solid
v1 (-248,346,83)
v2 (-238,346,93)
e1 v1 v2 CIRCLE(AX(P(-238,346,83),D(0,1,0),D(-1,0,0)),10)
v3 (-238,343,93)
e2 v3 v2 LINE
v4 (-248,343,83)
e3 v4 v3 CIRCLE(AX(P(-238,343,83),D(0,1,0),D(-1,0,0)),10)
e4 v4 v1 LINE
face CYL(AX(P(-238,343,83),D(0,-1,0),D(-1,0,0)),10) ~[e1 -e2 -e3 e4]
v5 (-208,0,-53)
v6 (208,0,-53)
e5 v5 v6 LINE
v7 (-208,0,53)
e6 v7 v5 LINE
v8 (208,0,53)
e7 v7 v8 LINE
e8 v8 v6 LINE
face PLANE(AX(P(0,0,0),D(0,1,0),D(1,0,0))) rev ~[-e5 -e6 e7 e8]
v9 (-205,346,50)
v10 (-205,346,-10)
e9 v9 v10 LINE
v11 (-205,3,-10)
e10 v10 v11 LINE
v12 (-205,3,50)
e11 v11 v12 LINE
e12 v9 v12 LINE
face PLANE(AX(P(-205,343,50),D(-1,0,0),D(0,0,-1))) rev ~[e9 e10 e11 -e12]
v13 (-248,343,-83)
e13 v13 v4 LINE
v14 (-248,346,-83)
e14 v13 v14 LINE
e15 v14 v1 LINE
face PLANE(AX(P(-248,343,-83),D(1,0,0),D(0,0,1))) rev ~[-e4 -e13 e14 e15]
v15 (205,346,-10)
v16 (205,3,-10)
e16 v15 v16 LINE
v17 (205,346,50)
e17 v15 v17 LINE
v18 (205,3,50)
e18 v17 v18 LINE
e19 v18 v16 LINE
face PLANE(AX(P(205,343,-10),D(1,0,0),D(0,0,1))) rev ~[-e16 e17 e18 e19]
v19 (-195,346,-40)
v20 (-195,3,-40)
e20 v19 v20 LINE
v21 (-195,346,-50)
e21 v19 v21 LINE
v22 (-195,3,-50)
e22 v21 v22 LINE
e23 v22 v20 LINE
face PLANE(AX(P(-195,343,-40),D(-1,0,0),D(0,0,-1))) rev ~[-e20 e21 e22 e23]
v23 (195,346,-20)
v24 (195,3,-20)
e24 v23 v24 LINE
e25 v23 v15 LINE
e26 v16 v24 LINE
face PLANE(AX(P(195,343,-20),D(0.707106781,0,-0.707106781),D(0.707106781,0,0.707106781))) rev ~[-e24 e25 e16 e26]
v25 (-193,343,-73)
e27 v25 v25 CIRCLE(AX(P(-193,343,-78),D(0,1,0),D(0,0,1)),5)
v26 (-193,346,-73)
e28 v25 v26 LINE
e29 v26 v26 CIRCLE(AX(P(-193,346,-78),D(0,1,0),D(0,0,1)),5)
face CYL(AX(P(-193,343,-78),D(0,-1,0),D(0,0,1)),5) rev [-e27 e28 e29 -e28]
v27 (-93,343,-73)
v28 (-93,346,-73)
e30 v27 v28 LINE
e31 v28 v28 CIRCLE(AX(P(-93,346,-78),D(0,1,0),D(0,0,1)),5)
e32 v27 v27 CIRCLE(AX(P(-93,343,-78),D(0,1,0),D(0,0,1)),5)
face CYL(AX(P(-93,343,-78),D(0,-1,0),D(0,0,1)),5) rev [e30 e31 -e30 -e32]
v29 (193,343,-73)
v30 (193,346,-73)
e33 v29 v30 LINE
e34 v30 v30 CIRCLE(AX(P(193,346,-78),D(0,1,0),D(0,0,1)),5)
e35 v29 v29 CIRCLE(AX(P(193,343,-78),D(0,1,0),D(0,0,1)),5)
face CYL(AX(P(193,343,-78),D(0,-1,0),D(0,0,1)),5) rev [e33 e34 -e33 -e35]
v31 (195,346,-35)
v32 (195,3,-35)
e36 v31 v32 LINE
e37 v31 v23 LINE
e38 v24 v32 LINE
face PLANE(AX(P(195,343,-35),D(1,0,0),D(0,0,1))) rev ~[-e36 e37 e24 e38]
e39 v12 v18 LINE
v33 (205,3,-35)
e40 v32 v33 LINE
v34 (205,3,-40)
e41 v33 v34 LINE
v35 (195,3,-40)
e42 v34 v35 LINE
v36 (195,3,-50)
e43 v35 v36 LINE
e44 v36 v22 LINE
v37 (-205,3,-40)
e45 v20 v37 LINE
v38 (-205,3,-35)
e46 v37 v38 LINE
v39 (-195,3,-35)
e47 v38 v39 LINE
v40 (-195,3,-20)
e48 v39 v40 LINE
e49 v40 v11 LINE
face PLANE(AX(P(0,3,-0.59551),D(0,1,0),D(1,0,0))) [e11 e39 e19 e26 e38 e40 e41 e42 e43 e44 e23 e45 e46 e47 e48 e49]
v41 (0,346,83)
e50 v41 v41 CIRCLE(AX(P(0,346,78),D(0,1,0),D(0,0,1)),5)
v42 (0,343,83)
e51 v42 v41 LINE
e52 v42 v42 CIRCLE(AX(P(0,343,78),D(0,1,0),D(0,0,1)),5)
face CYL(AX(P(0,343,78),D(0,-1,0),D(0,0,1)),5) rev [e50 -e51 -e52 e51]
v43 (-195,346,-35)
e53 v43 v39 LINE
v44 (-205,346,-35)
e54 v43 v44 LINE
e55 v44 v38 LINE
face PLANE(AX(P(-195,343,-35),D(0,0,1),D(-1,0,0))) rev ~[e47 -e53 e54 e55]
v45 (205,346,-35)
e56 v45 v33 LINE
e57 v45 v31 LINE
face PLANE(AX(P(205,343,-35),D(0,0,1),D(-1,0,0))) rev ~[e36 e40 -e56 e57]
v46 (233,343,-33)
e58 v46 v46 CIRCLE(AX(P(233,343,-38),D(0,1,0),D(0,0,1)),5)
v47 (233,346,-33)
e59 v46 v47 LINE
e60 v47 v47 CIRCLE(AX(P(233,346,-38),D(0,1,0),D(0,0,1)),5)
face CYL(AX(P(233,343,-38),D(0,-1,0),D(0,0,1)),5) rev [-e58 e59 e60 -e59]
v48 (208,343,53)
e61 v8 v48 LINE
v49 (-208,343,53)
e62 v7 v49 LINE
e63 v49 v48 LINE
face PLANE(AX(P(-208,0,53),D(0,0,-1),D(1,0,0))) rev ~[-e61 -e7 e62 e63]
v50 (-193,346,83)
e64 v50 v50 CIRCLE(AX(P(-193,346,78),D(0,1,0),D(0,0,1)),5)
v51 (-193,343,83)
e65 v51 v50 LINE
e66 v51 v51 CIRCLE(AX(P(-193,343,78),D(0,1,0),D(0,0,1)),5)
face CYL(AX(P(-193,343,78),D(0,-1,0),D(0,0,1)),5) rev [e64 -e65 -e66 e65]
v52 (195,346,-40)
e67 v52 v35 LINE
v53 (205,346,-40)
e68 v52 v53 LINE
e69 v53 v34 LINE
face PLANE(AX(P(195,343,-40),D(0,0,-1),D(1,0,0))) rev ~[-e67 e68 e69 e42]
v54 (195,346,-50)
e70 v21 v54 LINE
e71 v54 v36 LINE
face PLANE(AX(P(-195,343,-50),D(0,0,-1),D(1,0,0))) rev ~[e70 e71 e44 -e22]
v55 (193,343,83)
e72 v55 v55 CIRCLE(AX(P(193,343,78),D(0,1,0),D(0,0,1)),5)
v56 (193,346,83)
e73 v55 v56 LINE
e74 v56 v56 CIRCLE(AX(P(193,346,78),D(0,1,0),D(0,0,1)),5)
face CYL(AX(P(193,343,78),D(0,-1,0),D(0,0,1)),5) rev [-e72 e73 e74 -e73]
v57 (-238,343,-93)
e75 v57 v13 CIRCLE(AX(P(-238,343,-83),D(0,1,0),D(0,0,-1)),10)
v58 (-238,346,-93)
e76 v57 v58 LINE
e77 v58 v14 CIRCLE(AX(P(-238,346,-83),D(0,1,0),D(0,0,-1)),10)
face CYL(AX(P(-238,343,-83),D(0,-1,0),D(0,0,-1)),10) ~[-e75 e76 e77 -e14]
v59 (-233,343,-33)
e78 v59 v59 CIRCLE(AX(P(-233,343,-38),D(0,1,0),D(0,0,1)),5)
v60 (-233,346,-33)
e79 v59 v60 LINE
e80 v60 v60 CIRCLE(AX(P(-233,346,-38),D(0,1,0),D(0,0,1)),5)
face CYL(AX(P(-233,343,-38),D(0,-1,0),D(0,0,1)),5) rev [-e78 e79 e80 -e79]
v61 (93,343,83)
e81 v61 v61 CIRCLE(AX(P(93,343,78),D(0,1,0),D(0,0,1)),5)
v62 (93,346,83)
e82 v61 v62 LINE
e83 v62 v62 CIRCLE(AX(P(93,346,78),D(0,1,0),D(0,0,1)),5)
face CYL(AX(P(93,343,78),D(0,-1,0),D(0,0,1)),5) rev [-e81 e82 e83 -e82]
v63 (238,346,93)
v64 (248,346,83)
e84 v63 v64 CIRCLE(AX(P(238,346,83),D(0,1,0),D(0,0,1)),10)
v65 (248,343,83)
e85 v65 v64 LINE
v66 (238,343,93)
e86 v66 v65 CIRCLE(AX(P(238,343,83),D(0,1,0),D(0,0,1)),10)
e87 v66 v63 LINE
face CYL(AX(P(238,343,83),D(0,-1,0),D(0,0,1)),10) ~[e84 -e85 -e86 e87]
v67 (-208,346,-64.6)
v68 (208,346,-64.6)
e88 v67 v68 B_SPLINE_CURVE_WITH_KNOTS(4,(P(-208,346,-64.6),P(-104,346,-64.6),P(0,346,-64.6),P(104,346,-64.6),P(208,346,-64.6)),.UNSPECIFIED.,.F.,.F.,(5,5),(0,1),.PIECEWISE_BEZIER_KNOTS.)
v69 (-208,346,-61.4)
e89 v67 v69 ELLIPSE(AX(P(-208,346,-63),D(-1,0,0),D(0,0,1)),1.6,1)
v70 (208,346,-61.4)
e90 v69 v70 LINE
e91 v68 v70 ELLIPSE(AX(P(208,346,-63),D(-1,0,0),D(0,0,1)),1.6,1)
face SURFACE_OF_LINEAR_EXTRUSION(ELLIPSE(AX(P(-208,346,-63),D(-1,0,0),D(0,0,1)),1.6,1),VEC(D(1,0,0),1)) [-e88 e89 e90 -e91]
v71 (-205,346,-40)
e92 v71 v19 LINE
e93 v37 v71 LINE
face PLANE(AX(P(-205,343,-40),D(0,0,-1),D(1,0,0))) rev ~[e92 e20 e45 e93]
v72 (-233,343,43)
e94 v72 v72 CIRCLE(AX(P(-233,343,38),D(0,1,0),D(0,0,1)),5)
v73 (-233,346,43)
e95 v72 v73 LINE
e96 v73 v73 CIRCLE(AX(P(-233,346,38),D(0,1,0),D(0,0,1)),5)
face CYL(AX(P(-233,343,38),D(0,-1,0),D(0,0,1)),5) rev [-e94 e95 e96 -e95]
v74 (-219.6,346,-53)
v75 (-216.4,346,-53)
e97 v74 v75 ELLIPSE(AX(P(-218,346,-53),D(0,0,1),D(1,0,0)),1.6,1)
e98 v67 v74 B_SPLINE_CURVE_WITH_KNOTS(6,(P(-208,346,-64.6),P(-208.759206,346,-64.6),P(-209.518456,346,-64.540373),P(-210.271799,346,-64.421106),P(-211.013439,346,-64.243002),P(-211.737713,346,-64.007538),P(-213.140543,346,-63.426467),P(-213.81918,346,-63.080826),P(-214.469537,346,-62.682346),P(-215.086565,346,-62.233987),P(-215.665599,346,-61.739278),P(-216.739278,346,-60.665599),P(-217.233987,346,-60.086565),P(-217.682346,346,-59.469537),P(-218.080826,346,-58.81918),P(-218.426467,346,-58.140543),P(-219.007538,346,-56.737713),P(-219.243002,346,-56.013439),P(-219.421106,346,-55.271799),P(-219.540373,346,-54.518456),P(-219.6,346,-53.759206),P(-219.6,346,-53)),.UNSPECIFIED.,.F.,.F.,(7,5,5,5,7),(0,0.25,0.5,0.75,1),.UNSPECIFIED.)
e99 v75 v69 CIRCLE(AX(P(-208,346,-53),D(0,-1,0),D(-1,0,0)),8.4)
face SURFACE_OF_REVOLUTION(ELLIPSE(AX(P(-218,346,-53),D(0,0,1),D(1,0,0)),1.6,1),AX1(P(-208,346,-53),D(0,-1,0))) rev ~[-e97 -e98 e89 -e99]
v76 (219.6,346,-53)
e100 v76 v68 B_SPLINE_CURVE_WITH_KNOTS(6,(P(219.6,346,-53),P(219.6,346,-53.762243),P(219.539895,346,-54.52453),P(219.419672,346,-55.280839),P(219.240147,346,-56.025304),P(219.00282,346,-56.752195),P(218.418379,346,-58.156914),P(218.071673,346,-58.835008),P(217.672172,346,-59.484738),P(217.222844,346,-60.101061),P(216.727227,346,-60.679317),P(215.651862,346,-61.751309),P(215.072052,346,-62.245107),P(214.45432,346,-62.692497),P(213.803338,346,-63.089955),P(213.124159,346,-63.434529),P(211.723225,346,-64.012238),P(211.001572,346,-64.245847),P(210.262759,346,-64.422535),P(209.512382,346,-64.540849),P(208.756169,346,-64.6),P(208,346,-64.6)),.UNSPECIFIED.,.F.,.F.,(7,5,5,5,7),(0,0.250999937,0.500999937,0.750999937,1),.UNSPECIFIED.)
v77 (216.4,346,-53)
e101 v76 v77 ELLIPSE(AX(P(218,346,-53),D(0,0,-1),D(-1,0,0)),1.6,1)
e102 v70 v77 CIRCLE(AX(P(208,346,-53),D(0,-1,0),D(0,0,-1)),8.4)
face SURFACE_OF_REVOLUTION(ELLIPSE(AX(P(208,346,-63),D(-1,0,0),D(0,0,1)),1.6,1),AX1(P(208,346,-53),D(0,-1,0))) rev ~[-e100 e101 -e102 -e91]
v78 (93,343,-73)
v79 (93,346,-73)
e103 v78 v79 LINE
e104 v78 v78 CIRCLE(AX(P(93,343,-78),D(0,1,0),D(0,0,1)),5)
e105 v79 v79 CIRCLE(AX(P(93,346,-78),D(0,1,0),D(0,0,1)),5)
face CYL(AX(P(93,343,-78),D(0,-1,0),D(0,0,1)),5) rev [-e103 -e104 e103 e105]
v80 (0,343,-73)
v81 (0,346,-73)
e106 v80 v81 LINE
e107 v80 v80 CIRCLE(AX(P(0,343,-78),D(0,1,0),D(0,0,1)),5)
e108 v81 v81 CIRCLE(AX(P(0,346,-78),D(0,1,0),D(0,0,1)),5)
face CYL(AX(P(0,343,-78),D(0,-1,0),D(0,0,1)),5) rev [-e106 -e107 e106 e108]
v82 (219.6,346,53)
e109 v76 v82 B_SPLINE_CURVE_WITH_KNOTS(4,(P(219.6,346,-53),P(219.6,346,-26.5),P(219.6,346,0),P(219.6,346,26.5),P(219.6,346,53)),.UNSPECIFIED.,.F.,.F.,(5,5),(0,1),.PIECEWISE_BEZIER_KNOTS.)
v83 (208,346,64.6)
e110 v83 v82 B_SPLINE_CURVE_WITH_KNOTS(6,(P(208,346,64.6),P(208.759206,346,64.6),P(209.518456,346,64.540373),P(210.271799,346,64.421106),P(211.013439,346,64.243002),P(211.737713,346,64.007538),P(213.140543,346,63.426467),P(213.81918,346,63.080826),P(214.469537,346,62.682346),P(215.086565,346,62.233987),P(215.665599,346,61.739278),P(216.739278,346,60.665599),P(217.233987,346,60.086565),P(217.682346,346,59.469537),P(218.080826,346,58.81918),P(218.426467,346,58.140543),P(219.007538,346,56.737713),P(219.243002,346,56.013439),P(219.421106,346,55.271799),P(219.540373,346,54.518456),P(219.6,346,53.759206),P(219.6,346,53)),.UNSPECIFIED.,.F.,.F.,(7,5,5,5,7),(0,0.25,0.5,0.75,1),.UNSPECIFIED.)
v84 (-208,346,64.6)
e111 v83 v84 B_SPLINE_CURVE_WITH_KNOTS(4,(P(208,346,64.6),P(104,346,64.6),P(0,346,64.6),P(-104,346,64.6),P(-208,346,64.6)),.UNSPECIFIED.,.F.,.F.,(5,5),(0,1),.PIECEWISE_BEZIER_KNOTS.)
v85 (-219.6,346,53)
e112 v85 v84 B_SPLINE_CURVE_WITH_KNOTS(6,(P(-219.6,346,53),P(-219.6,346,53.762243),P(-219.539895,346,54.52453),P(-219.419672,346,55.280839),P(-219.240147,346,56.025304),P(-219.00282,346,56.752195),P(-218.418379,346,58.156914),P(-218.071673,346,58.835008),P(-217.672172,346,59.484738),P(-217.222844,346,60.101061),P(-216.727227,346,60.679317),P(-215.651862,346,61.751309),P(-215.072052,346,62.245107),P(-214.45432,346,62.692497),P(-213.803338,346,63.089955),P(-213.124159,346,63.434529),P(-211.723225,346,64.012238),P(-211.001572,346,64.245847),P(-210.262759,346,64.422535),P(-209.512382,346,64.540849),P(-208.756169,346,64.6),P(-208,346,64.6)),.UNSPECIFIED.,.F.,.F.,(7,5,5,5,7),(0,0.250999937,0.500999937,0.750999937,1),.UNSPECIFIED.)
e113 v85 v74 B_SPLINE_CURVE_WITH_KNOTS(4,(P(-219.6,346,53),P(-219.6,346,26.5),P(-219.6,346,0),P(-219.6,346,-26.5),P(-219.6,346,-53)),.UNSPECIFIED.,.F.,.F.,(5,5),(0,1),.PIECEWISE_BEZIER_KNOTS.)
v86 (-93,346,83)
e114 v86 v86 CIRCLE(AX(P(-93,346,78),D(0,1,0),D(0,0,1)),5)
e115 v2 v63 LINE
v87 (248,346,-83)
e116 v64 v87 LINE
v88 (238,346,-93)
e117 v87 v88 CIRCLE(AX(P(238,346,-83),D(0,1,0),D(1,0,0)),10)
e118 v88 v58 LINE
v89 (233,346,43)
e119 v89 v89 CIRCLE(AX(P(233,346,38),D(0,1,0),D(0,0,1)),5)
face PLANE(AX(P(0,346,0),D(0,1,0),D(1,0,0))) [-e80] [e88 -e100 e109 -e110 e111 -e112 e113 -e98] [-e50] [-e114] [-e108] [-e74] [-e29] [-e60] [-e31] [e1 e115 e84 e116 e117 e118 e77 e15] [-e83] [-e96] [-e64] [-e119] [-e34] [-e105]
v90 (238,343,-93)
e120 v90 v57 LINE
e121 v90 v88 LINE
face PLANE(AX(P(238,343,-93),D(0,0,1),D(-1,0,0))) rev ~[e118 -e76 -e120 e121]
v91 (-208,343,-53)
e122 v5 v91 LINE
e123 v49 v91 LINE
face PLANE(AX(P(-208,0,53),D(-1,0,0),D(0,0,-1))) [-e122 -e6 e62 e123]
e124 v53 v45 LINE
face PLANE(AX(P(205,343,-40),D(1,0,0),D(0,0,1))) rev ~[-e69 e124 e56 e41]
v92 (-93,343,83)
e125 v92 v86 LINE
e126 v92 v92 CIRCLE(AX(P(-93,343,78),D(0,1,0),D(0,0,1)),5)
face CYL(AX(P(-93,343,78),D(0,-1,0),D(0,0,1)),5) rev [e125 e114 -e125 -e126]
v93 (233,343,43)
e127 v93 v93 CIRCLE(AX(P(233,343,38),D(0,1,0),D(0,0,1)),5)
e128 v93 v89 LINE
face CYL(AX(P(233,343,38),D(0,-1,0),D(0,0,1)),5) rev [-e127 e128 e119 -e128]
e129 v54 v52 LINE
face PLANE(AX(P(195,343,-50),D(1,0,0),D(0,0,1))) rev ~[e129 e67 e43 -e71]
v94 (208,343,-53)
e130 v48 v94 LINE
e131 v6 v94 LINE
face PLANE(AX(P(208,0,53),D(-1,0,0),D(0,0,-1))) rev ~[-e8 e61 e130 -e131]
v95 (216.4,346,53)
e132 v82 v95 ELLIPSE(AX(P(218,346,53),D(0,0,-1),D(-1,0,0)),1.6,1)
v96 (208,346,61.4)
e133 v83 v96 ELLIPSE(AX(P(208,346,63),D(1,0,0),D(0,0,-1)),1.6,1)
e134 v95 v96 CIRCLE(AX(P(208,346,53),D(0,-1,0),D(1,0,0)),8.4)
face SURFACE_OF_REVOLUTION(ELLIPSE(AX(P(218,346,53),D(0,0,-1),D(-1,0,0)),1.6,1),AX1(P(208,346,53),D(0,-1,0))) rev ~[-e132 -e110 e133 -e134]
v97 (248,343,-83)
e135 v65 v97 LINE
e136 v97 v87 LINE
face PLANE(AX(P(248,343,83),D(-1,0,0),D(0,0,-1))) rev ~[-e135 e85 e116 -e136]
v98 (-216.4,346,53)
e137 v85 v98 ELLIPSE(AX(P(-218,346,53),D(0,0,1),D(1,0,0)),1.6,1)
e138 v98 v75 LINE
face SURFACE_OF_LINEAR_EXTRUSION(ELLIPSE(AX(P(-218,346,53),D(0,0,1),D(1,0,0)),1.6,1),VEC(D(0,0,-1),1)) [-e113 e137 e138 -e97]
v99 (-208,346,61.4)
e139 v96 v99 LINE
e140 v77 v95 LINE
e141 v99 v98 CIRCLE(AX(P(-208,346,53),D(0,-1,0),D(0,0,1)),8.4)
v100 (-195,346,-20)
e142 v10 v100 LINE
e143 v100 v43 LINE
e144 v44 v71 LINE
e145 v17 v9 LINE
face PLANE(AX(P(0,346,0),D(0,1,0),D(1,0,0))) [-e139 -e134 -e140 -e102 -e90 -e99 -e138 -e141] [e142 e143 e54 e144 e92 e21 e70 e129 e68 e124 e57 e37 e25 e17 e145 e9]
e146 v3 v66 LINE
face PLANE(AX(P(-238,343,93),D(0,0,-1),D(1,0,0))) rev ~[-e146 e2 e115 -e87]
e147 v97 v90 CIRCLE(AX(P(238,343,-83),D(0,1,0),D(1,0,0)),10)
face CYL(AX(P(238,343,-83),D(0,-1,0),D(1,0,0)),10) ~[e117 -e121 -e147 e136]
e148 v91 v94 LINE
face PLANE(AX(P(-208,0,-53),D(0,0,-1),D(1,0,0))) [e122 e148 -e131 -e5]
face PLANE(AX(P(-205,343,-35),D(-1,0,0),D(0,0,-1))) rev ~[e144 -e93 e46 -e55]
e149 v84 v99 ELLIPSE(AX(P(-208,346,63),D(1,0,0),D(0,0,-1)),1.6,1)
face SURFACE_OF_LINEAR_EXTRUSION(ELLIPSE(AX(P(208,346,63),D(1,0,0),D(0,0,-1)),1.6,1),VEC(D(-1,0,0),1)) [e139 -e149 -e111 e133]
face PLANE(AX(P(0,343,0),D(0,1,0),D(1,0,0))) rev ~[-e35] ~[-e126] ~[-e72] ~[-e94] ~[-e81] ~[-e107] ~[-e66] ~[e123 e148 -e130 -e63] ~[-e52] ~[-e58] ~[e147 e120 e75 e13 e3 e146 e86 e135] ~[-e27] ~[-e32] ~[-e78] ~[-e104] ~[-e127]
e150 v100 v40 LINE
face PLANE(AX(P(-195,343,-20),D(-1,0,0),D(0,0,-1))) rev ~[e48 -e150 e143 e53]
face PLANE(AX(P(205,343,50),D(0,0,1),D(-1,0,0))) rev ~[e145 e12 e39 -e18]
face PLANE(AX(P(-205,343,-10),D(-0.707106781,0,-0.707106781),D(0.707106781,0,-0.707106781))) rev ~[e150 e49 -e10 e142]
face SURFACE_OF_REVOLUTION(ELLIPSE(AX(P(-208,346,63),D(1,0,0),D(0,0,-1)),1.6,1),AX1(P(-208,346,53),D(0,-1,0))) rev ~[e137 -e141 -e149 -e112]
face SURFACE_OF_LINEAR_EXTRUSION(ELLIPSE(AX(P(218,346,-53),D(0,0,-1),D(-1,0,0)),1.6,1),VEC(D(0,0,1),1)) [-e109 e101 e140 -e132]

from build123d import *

# Parameters (mm, degrees)
BOSS_EXTRUDE1_DEPTH = 3
SKETCH1_3_W         = 416
SKETCH1_3_H         = 106
BOSS_EXTRUDE2_DEPTH = 343
SKETCH2_R           = 5
BOSS_EXTRUDE3_DEPTH = 3
SKETCH3_RX          = 1.6
SKETCH3_RY          = 1


with BuildPart() as part:
    # Sketch1 → Boss-Extrude1 (new body)
    with BuildSketch(Plane(origin=(0, 0, 0), x_dir=(1, 0, 0), z_dir=(0, 1, 0))):
        Polygon((-195, 40), (-205, 40), (-205, 35), (-195, 35), (-195, 20), (-205, 10), (-205, -50), (205, -50), (205, 10), (195, 20), (195, 35), (205, 35), (205, 40), (195, 40), (195, 50), (-195, 50), align=None)
    extrude(amount=BOSS_EXTRUDE1_DEPTH)

    # Sketch1<3> → Boss-Extrude2 (add)
    with BuildSketch(Plane(origin=(0, 0, 0), x_dir=(1, 0, 0), z_dir=(0, 1, 0))):
        Rectangle(SKETCH1_3_W, SKETCH1_3_H)
        Polygon((-195, 40), (-195, 50), (195, 50), (195, 40), (205, 40), (205, 35), (195, 35), (195, 20), (205, 10), (205, -50), (-205, -50), (-205, 10), (-195, 20), (-195, 35), (-205, 35), (-205, 40), align=None, mode=Mode.SUBTRACT)
    extrude(amount=BOSS_EXTRUDE2_DEPTH)

    # Sketch2 → Boss-Extrude3 (add)
    with BuildSketch(Plane(origin=(0, 343, 0), x_dir=(1, 0, 0), z_dir=(0, 1, 0))):
        with BuildLine():
            ThreePointArc((238, -93), (245.071067812, -90.071067812), (248, -83))
            Line((248, -83), (248, 83))
            ThreePointArc((248, 83), (245.071067812, 90.071067812), (238, 93))
            Line((238, 93), (-238, 93))
            ThreePointArc((-238, 93), (-245.071067812, 90.071067812), (-248, 83))
            Line((-248, 83), (-248, -83))
            ThreePointArc((-248, -83), (-245.071067812, -90.071067812), (-238, -93))
            Line((-238, -93), (238, -93))
        make_face()
        with Locations((-193, -78)):
            Circle(SKETCH2_R, mode=Mode.SUBTRACT)
        with Locations((-93, -78)):
            Circle(SKETCH2_R, mode=Mode.SUBTRACT)
        with Locations((-233, -38)):
            Circle(SKETCH2_R, mode=Mode.SUBTRACT)
        with Locations((0, -78)):
            Circle(SKETCH2_R, mode=Mode.SUBTRACT)
        with Locations((93, -78)):
            Circle(SKETCH2_R, mode=Mode.SUBTRACT)
        with Locations((193, -78)):
            Circle(SKETCH2_R, mode=Mode.SUBTRACT)
        with Locations((233, -38)):
            Circle(SKETCH2_R, mode=Mode.SUBTRACT)
        with Locations((-233, 38)):
            Circle(SKETCH2_R, mode=Mode.SUBTRACT)
        with Locations((-193, 78)):
            Circle(SKETCH2_R, mode=Mode.SUBTRACT)
        with Locations((-93, 78)):
            Circle(SKETCH2_R, mode=Mode.SUBTRACT)
        with Locations((233, 38)):
            Circle(SKETCH2_R, mode=Mode.SUBTRACT)
        with Locations((0, 78)):
            Circle(SKETCH2_R, mode=Mode.SUBTRACT)
        with Locations((93, 78)):
            Circle(SKETCH2_R, mode=Mode.SUBTRACT)
        with Locations((193, 78)):
            Circle(SKETCH2_R, mode=Mode.SUBTRACT)
        Polygon((-205, 40), (-195, 40), (-195, 50), (195, 50), (195, 40), (205, 40), (205, 35), (195, 35), (195, 20), (205, 10), (205, -50), (-205, -50), (-205, 10), (-195, 20), (-195, 35), (-205, 35), align=None, mode=Mode.SUBTRACT)
    extrude(amount=BOSS_EXTRUDE3_DEPTH)

    # Cut-Sweep2: sweep along a path in Sketch4
    with BuildLine(Plane(origin=(0, 346, 0), x_dir=(1, 0, 0), z_dir=(0, 1, 0))) as cut_sweep2_path:
        Line((-208, 63), (208, 63))
        ThreePointArc((208, 63), (215.071067812, 60.071067812), (218, 53))
        Line((218, 53), (218, -53))
        ThreePointArc((218, -53), (215.071067812, -60.071067812), (208, -63))
        Line((208, -63), (-208, -63))
        ThreePointArc((-208, -63), (-215.071067812, -60.071067812), (-218, -53))
        Line((-218, -53), (-218, 53))
        ThreePointArc((-218, 53), (-215.071067812, 60.071067812), (-208, 63))
    # Sketch3 → Cut-Sweep2 (sweep, cut)
    with BuildSketch(Plane.XY):
        with Locations((-218, 346)):
            Ellipse(SKETCH3_RX, SKETCH3_RY)
    sweep(path=cut_sweep2_path.line, mode=Mode.SUBTRACT)


solid = part.part
